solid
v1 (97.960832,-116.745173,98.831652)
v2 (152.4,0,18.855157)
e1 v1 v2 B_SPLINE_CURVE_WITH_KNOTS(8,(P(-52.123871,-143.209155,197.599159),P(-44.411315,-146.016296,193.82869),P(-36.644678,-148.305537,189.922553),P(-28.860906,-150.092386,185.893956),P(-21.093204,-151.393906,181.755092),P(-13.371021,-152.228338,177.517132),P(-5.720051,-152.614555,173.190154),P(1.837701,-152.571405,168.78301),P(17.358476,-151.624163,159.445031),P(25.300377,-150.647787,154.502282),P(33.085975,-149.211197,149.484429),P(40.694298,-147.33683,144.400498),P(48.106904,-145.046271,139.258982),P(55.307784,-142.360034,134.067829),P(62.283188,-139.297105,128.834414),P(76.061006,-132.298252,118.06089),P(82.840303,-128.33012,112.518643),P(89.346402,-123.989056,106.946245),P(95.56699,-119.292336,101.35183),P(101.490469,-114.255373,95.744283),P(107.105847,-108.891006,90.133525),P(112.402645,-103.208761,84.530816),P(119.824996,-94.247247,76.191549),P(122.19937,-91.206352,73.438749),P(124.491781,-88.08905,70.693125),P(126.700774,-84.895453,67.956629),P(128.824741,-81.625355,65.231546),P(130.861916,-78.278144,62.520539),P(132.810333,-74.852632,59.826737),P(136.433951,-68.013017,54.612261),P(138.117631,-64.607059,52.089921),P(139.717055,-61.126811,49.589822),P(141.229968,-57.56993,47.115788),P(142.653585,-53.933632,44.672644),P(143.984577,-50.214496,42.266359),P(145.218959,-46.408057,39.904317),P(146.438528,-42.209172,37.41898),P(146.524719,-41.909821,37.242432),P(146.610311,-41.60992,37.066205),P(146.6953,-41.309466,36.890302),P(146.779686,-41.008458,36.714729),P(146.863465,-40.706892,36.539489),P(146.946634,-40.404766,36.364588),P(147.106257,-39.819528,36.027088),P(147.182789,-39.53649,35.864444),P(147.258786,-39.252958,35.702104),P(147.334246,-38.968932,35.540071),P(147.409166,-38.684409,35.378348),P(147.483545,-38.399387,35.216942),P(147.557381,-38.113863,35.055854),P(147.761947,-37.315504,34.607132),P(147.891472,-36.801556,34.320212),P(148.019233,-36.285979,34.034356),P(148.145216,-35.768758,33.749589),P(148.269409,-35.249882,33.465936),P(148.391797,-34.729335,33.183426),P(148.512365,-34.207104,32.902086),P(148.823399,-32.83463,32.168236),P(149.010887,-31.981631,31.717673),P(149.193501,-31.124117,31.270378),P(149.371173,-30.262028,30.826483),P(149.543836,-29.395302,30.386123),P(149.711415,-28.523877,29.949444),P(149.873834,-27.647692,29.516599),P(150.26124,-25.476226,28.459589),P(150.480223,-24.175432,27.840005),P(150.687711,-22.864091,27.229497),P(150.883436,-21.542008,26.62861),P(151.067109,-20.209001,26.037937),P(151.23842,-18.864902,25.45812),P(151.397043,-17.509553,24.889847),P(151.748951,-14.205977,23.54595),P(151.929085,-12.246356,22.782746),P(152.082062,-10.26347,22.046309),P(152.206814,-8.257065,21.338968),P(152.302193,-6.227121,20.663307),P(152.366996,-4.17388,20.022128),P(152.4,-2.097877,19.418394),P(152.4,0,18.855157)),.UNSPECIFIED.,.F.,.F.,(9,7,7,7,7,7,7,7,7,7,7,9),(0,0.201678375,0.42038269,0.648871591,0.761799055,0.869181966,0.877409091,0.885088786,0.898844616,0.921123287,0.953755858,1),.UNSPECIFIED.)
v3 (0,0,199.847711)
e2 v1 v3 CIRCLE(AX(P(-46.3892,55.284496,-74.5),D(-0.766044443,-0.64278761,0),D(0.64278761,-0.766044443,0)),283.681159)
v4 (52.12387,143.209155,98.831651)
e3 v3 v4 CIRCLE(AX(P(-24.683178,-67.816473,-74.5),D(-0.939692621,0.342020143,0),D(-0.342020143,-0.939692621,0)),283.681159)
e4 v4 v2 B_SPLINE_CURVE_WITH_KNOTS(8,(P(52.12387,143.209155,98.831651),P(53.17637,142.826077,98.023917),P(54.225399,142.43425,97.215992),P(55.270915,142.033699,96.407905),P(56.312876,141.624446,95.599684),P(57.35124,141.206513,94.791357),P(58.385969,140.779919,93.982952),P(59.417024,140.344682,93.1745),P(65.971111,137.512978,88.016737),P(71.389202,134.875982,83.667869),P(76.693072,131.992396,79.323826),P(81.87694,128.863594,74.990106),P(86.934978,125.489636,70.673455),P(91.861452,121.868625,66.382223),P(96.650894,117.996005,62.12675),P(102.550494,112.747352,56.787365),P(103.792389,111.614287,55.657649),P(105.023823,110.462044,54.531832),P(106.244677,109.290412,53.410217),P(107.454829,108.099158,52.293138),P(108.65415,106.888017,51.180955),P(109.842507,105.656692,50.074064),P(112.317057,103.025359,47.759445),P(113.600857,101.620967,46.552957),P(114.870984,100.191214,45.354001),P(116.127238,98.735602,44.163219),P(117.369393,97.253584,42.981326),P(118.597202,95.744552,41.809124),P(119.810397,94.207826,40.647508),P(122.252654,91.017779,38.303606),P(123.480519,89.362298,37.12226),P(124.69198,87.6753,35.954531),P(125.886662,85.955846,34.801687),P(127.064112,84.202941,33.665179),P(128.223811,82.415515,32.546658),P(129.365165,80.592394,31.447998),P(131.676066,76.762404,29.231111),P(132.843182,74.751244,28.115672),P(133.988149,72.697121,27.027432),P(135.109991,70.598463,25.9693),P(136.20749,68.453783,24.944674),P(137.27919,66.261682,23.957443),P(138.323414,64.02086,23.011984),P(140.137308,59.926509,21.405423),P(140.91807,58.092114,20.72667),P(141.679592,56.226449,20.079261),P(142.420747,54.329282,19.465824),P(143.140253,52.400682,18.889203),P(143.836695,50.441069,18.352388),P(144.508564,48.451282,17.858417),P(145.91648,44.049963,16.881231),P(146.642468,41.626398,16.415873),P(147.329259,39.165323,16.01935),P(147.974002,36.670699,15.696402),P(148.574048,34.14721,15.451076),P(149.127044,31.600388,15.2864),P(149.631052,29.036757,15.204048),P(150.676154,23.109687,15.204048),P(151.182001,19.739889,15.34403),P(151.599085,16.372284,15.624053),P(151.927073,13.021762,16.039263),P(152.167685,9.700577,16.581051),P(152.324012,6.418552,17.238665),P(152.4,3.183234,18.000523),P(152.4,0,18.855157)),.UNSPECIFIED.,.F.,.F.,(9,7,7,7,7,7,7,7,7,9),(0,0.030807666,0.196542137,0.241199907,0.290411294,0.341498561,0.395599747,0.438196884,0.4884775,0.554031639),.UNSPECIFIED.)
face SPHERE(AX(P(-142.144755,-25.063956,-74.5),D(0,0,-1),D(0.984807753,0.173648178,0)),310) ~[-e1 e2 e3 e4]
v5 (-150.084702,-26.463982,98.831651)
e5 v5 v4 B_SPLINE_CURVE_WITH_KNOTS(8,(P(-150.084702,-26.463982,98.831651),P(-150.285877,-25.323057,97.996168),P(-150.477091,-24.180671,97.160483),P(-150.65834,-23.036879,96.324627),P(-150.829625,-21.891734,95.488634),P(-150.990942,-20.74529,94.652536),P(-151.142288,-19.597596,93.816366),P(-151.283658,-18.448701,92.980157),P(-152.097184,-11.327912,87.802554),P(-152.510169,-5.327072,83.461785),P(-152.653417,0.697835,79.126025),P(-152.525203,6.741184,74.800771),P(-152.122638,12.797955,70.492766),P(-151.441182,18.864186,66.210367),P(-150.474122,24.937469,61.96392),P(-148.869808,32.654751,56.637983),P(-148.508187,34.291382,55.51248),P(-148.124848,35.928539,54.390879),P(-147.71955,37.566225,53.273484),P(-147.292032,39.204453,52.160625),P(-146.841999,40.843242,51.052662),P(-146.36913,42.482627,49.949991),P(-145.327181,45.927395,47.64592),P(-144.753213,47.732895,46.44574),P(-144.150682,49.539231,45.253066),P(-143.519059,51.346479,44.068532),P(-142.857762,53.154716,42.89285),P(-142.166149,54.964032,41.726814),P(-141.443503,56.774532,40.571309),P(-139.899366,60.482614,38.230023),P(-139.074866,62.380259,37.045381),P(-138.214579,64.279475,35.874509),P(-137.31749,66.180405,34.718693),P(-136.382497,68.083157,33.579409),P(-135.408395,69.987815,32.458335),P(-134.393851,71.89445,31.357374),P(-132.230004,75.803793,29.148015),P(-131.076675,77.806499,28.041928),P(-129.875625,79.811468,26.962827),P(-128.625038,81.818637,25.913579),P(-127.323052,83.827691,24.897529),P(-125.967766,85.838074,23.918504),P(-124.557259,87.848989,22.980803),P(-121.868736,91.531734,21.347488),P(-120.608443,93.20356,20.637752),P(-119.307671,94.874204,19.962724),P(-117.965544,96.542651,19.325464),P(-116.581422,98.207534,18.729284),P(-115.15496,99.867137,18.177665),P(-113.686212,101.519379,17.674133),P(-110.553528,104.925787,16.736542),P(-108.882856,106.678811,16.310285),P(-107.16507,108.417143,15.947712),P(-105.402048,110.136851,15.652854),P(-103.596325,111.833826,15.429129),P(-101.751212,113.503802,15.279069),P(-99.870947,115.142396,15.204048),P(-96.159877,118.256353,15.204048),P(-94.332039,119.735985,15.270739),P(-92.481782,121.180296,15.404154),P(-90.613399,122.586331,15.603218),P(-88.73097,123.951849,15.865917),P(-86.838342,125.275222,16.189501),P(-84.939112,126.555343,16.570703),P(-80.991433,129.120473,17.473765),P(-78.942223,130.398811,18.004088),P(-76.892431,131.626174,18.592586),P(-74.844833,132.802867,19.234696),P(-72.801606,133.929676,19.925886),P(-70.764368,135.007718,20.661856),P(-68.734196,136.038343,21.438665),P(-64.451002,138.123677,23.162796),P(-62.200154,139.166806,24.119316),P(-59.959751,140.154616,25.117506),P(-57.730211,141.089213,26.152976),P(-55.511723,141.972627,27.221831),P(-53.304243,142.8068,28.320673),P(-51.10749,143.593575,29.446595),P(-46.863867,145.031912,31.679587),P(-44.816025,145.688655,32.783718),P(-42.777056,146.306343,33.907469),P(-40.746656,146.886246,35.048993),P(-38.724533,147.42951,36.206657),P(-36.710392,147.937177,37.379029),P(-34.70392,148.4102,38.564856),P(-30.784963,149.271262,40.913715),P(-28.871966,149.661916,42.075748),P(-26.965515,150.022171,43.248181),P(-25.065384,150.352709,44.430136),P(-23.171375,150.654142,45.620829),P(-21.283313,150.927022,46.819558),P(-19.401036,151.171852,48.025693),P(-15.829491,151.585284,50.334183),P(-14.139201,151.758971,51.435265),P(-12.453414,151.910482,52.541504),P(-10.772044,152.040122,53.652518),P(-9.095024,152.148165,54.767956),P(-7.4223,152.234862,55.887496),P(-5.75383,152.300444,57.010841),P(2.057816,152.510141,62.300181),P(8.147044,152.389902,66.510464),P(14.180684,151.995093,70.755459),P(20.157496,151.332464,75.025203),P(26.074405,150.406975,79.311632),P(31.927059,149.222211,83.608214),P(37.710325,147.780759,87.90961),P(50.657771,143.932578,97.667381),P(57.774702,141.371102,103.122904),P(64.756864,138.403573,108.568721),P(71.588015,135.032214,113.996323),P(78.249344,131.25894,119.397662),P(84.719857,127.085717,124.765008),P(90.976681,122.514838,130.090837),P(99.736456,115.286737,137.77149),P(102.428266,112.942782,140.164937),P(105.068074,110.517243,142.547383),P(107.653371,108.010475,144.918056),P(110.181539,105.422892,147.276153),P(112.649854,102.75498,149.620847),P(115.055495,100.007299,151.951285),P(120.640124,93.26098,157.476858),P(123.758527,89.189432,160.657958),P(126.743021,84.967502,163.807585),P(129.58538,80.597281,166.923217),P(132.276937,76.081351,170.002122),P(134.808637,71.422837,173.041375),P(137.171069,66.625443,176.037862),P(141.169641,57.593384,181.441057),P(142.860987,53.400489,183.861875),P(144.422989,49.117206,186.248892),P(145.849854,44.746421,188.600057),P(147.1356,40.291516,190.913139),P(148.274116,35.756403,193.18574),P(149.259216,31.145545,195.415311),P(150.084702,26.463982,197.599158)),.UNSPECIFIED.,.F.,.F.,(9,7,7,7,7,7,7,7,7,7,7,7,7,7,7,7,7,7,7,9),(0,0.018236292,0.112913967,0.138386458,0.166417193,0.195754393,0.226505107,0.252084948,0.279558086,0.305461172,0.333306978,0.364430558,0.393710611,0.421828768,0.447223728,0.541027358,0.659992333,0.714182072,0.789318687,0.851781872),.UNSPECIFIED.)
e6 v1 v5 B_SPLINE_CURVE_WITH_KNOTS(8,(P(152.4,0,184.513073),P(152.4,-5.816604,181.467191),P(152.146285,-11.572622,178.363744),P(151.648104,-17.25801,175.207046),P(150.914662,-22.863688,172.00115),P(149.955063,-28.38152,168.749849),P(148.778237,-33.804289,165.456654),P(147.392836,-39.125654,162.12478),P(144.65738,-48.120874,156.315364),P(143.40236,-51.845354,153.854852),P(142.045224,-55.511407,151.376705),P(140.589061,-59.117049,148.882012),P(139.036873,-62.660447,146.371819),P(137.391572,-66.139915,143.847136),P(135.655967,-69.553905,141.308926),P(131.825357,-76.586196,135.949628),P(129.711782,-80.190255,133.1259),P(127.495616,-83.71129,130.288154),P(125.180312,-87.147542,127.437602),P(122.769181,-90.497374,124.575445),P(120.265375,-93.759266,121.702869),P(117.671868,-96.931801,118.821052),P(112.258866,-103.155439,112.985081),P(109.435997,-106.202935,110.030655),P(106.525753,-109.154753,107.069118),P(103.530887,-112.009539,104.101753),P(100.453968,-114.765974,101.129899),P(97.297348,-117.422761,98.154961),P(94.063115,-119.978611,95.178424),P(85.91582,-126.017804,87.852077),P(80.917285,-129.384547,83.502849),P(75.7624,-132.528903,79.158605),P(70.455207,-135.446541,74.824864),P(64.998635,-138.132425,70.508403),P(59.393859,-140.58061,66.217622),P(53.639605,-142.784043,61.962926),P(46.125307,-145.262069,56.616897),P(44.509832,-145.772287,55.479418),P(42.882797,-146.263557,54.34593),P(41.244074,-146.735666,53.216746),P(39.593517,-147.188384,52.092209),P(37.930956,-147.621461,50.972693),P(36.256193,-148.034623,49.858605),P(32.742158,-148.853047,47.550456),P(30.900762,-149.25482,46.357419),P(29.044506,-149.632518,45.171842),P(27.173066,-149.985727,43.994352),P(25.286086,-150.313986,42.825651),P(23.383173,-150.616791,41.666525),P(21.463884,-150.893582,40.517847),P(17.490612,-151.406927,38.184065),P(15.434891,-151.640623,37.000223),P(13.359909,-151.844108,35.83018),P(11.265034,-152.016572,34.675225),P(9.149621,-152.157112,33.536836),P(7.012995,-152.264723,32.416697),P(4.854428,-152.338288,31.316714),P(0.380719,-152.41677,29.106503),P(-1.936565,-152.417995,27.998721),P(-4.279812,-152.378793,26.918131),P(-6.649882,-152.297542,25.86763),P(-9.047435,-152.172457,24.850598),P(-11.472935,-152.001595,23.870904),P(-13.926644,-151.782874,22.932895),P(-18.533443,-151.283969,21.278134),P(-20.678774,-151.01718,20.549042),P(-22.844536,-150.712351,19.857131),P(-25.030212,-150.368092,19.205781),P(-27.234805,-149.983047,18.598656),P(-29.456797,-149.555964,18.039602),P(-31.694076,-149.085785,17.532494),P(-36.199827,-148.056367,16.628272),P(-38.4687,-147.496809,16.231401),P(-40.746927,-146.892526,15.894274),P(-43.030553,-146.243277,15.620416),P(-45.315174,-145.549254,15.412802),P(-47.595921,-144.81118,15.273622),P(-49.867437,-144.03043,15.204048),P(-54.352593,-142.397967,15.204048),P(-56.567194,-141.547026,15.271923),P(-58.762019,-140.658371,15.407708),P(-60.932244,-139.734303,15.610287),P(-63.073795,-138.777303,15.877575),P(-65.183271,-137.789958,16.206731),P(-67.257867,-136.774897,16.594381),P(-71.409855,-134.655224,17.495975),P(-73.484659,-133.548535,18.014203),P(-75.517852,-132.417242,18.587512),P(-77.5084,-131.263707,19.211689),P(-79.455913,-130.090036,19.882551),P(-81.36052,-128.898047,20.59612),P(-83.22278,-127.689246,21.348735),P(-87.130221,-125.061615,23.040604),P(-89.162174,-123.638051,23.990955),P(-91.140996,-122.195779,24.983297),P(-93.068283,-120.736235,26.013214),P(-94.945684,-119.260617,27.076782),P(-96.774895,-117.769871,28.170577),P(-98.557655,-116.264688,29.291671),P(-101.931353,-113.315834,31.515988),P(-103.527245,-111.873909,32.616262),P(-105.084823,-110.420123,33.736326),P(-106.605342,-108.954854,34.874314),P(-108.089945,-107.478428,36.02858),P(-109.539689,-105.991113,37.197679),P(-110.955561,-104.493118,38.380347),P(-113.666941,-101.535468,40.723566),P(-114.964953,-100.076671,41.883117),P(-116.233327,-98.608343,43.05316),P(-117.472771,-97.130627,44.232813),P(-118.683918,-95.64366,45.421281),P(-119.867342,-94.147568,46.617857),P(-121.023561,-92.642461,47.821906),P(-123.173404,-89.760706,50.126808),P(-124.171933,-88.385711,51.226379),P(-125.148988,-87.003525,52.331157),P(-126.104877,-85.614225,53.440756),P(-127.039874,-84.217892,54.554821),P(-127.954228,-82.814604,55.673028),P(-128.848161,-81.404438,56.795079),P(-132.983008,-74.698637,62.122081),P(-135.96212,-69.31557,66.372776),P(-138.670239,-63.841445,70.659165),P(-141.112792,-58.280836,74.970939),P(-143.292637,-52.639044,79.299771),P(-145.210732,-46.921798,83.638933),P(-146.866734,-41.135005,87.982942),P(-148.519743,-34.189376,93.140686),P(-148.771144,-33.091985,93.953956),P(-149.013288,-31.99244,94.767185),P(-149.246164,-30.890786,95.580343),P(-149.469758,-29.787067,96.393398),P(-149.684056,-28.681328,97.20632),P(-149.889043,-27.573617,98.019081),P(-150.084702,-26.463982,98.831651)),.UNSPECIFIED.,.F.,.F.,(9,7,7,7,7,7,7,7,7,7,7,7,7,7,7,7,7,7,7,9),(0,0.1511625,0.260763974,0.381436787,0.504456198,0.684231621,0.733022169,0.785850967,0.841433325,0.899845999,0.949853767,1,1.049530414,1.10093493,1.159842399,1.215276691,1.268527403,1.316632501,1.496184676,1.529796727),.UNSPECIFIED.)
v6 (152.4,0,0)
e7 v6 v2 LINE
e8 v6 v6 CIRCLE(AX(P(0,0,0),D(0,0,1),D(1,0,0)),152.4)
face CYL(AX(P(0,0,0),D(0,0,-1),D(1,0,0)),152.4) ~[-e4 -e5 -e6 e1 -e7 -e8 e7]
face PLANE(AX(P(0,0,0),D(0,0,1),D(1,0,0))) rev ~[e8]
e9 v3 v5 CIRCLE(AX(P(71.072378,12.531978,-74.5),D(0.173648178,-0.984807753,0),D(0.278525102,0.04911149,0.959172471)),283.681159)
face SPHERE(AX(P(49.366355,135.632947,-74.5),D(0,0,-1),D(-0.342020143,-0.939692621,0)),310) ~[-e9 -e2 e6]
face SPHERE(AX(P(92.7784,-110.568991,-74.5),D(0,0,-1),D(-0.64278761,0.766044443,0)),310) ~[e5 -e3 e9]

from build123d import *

# Parameters (mm, degrees)
SKETCH1_R           = 152.4
BOSS_EXTRUDE1_DEPTH = 300
CIRPATTERN1_COUNT   = 3


with BuildPart() as part:
    # Sketch1 → Boss-Extrude1 (new body)
    with BuildSketch(Plane.XY):
        Circle(SKETCH1_R)
    extrude(amount=BOSS_EXTRUDE1_DEPTH)

    # Sketch2 → Cut-Revolve1 (revolve, cut)
    with BuildSketch(Plane(origin=(0, 0, -90.9), x_dir=(-0.64278761, 0.766044443, 0), z_dir=(0.766044443, 0.64278761, 0))):
        with BuildLine():
            Line((-144.337567297, -293.6), (-144.337567297, -593.6))
            ThreePointArc((-144.337567297, -593.6), (465.662432703, 16.4), (-144.337567297, 626.4))
            Line((-144.337567297, 626.4), (-144.337567297, 326.4))
            ThreePointArc((-144.337567297, 326.4), (165.662432703, 16.4), (-144.337567297, -293.6))
        make_face()
    cut_revolve1 = revolve(axis=Axis((92.778399871, -110.568991361, -112.7), (0, 0, 1)), mode=Mode.SUBTRACT)

    # CirPattern1: Cut-Revolve1 ×3 about axis
    cirpattern1_axis = Axis((0, 0, 0), (0, 0, 1))
    for i in range(1, CIRPATTERN1_COUNT):
        add(cut_revolve1.rotate(cirpattern1_axis, i * 360 / CIRPATTERN1_COUNT), mode=Mode.SUBTRACT)


solid = part.part
